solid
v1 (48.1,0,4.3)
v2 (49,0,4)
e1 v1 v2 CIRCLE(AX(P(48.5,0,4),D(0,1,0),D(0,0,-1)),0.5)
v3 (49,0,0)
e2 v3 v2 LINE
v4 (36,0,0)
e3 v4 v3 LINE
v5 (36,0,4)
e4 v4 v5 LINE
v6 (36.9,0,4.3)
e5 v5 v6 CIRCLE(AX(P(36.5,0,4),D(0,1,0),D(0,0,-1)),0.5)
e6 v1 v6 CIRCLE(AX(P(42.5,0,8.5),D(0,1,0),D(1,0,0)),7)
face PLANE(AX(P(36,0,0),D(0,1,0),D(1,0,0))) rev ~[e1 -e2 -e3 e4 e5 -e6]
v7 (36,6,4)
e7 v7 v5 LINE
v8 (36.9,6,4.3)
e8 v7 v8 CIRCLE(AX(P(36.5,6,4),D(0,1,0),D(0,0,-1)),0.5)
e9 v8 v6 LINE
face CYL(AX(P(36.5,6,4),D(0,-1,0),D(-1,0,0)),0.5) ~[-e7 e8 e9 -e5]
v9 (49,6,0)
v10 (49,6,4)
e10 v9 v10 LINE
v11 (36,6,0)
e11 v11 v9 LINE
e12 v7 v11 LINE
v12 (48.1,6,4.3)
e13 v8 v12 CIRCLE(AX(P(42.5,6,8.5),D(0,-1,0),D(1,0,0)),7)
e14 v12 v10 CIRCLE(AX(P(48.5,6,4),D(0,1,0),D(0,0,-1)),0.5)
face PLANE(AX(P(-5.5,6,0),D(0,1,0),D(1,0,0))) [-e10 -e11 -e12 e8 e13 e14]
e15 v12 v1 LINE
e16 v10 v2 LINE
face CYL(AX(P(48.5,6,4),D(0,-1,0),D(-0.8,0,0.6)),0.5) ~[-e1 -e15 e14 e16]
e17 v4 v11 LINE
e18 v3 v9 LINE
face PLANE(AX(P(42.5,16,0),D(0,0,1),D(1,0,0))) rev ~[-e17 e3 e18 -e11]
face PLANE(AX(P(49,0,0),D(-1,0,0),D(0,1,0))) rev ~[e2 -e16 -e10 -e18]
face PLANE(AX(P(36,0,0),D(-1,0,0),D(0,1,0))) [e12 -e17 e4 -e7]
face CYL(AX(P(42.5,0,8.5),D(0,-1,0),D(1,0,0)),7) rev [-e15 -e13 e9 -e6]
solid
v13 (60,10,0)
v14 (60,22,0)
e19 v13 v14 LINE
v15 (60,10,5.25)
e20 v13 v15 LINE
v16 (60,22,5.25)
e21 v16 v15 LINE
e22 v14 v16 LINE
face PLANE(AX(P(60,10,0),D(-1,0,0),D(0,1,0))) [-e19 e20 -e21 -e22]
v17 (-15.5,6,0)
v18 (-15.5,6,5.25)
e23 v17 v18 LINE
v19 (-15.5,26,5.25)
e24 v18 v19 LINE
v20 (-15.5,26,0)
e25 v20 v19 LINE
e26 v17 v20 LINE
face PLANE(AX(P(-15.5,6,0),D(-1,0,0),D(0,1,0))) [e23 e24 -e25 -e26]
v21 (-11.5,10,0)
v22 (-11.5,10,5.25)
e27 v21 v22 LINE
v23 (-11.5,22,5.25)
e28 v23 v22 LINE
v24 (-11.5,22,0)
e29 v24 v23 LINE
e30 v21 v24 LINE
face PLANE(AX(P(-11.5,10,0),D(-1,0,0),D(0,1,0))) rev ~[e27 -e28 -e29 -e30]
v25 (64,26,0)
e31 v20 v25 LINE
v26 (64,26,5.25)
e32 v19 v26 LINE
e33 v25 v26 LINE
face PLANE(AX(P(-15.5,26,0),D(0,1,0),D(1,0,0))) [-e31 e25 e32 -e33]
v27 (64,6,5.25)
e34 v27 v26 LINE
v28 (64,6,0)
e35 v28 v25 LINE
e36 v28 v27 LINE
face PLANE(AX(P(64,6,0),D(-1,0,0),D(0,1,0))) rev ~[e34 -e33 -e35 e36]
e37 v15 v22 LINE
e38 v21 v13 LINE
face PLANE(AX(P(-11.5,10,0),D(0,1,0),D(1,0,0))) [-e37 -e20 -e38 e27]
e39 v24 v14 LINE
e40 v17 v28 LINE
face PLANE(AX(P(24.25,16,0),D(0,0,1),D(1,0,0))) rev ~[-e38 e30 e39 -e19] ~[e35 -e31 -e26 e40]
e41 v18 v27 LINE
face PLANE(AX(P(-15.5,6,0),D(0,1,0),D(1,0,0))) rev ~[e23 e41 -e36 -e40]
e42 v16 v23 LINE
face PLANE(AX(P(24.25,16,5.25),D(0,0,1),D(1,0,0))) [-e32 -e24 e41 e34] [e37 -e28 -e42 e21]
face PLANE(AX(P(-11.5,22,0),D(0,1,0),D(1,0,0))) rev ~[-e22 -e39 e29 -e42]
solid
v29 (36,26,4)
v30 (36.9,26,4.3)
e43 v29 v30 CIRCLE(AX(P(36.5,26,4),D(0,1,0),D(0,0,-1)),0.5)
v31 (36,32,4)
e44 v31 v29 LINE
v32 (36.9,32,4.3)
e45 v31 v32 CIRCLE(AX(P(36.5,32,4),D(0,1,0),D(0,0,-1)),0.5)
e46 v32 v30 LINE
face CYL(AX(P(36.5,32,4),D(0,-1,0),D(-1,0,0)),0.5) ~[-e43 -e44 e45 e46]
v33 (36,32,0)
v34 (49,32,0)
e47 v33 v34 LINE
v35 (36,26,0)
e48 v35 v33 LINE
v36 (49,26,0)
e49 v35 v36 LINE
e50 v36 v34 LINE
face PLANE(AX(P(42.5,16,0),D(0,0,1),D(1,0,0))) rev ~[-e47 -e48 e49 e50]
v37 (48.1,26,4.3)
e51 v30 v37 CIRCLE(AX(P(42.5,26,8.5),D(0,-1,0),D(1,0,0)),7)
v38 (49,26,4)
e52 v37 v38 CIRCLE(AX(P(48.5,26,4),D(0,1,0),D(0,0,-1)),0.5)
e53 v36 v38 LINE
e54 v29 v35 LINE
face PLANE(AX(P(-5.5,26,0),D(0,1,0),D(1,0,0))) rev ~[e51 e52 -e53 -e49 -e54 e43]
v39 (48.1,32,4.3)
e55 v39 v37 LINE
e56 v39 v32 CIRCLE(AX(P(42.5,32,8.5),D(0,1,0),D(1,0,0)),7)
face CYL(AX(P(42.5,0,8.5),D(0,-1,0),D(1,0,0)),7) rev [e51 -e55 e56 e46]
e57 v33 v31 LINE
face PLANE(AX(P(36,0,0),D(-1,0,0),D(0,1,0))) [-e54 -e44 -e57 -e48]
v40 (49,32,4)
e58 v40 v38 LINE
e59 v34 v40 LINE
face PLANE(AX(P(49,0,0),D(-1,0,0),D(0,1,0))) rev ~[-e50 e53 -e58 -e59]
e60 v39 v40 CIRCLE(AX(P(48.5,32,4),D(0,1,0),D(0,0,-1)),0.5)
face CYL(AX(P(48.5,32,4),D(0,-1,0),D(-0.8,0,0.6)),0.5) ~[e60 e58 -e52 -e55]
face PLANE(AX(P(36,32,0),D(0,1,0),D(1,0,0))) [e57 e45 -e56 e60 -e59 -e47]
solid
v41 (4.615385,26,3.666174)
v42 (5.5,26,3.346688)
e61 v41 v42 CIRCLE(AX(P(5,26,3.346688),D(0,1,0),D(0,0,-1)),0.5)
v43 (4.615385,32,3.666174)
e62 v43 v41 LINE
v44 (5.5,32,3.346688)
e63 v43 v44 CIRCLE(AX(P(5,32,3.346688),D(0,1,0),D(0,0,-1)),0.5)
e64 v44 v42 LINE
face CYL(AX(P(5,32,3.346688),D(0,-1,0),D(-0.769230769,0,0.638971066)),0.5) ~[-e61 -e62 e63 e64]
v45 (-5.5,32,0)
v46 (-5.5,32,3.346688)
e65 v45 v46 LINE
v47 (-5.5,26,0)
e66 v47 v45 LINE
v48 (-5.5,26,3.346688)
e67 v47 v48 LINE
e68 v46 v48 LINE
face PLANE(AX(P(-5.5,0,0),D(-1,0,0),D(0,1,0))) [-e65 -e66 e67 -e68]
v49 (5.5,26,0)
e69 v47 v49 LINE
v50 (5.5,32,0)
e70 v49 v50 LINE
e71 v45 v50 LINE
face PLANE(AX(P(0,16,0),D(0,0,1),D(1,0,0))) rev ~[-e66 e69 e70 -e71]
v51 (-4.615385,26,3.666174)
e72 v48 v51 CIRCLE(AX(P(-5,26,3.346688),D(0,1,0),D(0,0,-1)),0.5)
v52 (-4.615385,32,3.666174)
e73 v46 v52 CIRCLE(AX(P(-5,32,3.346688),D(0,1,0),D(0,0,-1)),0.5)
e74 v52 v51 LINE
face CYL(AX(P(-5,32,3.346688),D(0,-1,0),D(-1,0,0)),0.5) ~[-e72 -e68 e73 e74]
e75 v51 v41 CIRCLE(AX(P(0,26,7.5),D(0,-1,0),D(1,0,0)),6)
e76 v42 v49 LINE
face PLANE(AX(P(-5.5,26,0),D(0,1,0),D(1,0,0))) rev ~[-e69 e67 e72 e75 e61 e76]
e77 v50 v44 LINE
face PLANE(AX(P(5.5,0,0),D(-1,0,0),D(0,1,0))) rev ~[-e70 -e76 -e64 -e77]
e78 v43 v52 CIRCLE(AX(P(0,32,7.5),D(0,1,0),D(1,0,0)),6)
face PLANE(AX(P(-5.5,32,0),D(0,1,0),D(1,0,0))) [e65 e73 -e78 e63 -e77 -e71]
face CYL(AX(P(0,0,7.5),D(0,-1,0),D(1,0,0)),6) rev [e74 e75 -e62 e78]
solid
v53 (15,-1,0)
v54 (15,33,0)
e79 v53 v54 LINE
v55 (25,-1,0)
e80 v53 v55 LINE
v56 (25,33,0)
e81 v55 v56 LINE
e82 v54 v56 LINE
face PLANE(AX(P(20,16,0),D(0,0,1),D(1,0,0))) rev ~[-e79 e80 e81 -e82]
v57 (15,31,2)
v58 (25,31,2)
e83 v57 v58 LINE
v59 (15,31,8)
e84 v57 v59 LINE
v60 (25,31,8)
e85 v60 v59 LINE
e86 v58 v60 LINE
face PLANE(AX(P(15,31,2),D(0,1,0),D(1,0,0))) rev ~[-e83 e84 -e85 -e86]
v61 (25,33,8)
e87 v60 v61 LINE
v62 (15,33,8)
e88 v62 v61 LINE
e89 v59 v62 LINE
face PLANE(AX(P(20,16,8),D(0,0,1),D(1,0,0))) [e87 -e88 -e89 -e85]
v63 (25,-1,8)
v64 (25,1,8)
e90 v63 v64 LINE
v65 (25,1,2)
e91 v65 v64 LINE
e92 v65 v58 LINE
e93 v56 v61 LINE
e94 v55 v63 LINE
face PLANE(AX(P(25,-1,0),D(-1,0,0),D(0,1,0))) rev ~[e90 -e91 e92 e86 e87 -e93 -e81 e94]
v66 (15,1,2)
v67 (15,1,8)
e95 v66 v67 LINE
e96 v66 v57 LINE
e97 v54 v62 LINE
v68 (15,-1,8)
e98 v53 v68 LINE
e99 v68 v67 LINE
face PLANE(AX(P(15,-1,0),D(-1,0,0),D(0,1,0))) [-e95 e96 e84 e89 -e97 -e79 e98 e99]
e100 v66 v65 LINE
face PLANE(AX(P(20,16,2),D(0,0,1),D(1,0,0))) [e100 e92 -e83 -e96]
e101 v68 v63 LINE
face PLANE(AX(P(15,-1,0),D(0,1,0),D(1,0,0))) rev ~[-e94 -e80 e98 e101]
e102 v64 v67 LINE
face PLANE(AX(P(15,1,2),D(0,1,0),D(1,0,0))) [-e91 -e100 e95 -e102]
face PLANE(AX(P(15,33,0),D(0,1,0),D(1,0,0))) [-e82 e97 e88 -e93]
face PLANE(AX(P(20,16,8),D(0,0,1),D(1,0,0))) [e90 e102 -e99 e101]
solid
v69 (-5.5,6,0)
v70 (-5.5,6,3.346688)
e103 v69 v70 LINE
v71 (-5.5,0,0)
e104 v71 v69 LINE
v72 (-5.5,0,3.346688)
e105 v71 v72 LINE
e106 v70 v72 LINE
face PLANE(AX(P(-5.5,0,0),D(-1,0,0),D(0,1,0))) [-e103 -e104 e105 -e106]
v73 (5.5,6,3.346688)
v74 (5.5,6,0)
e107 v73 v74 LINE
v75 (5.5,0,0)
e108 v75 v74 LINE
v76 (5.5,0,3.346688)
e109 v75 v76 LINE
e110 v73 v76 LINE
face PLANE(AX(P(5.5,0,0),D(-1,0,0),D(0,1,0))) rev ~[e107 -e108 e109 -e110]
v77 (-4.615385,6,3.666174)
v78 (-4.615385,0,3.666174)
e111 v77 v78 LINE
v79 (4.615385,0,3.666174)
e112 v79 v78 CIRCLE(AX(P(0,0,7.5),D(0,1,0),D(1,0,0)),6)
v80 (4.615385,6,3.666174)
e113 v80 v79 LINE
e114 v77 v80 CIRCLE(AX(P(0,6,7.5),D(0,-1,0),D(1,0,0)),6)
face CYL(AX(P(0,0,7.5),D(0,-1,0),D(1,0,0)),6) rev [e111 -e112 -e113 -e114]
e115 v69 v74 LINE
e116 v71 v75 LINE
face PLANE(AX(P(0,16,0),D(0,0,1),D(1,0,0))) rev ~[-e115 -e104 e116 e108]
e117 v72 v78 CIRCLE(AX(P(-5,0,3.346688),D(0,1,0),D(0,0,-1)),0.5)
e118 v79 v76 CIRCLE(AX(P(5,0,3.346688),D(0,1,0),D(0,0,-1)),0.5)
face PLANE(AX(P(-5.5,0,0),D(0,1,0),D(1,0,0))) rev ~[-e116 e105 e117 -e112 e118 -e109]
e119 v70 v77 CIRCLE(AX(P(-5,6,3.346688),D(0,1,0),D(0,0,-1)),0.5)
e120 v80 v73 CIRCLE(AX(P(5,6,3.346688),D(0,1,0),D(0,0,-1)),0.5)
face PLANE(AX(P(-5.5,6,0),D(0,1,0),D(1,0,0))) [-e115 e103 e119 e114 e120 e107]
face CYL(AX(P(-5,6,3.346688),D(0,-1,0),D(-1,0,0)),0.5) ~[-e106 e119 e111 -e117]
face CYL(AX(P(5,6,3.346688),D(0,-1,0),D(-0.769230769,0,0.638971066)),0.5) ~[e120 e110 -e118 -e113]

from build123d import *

# Parameters (mm, degrees)
BOX017_W          = 71.5
BOX017_H          = 12
BOX017_DEPTH      = 5.75
BOX008_W          = 79.5
BOX008_H          = 20
BOX008_DEPTH      = 5.25
BOX016_W          = 54.5
BOX016_H          = 20
BOX016_DEPTH      = 10
CYLINDER001_R     = 7
CYLINDER001_DEPTH = 32
BOX015_W          = 13
BOX015_H          = 32
BOX015_DEPTH      = 8
CYLINDER_R        = 6
CYLINDER_DEPTH    = 32
BOX_W             = 11
BOX_H             = 32
BOX_DEPTH         = 8
FILLET_R          = 0.5
BOX019_W          = 10
BOX019_H          = 30
BOX019_DEPTH      = 8
BOX018_W          = 10
BOX018_H          = 34
BOX018_DEPTH      = 8


with BuildPart() as basecutout001:
    # Box017 → Box017 (new body)
    with BuildSketch(Plane(origin=(-11.5, 10, 0), x_dir=(1, 0, 0), z_dir=(0, 0, 1))):
        with Locations((35.75, 6)):
            Rectangle(BOX017_W, BOX017_H)
    extrude(amount=BOX017_DEPTH)


with BuildPart() as cut006:
    # Box008 → Box008 (new body)
    with BuildSketch(Plane(origin=(-15.5, 6, 0), x_dir=(1, 0, 0), z_dir=(0, 0, 1))):
        with Locations((39.75, 10)):
            Rectangle(BOX008_W, BOX008_H)
    extrude(amount=BOX008_DEPTH)

    # Cut006: cut basecutout001
    add(basecutout001.part, mode=Mode.SUBTRACT)


with BuildPart() as basecutout:
    # Box016 → Box016 (new body)
    with BuildSketch(Plane(origin=(-5.5, 6, 0), x_dir=(1, 0, 0), z_dir=(0, 0, 1))):
        with Locations((27.25, 10)):
            Rectangle(BOX016_W, BOX016_H)
    extrude(amount=BOX016_DEPTH)


with BuildPart() as cylinder001:
    # Cylinder001 → Cylinder001 (new body)
    with BuildSketch(Plane(origin=(42.5, 0, 8.5), x_dir=(1, 0, 0), z_dir=(0, 1, 0))):
        Circle(CYLINDER001_R)
    extrude(amount=CYLINDER001_DEPTH)


with BuildPart() as rearaxle:
    # Box015 → Box015 (new body)
    with BuildSketch(Plane(origin=(36, 0, 0), x_dir=(1, 0, 0), z_dir=(0, 0, 1))):
        with Locations((6.5, 16)):
            Rectangle(BOX015_W, BOX015_H)
    extrude(amount=BOX015_DEPTH)

    # Cut004: cut Cylinder001
    add(cylinder001.part, mode=Mode.SUBTRACT)


with BuildPart() as cylinder:
    # Cylinder → Cylinder (new body)
    with BuildSketch(Plane(origin=(0, 0, 7.5), x_dir=(1, 0, 0), z_dir=(0, 1, 0))):
        Circle(CYLINDER_R)
    extrude(amount=CYLINDER_DEPTH)


with BuildPart() as fillet_body:
    # Box → Box (new body)
    with BuildSketch(Plane(origin=(-5.5, 0, 0), x_dir=(1, 0, 0), z_dir=(0, 0, 1))):
        with Locations((5.5, 16)):
            Rectangle(BOX_W, BOX_H)
    extrude(amount=BOX_DEPTH)

    # Cut: cut Cylinder
    add(cylinder.part, mode=Mode.SUBTRACT)

    # Fusion: union RearAxle
    add(rearaxle.part)

    # Cut005: cut basecutout
    add(basecutout.part, mode=Mode.SUBTRACT)

    # Fillet
    fillet_edges = [fillet_body.edges().sort_by_distance(p)[0] for p in [
        (-5.5, 3, 5.102084),
        (5.5, 3, 5.102084),
        (-5.5, 29, 5.102084),
        (5.5, 29, 5.102084),
        (36, 3, 5.901924),
        (49, 3, 5.901924),
        (36, 29, 5.901924),
        (49, 29, 5.901924),
    ]]
    fillet(fillet_edges, radius=FILLET_R)


with BuildPart() as cube017:
    # Box019 → Box019 (new body)
    with BuildSketch(Plane(origin=(15, 1, 2), x_dir=(1, 0, 0), z_dir=(0, 0, 1))):
        with Locations((5, 15)):
            Rectangle(BOX019_W, BOX019_H)
    extrude(amount=BOX019_DEPTH)


with BuildPart() as cut007:
    # Box018 → Box018 (new body)
    with BuildSketch(Plane(origin=(15, -1, 0), x_dir=(1, 0, 0), z_dir=(0, 0, 1))):
        with Locations((5, 17)):
            Rectangle(BOX018_W, BOX018_H)
    extrude(amount=BOX018_DEPTH)

    # Cut007: cut Cube017
    add(cube017.part, mode=Mode.SUBTRACT)


solid = Compound([cut006.part, fillet_body.part, cut007.part])
